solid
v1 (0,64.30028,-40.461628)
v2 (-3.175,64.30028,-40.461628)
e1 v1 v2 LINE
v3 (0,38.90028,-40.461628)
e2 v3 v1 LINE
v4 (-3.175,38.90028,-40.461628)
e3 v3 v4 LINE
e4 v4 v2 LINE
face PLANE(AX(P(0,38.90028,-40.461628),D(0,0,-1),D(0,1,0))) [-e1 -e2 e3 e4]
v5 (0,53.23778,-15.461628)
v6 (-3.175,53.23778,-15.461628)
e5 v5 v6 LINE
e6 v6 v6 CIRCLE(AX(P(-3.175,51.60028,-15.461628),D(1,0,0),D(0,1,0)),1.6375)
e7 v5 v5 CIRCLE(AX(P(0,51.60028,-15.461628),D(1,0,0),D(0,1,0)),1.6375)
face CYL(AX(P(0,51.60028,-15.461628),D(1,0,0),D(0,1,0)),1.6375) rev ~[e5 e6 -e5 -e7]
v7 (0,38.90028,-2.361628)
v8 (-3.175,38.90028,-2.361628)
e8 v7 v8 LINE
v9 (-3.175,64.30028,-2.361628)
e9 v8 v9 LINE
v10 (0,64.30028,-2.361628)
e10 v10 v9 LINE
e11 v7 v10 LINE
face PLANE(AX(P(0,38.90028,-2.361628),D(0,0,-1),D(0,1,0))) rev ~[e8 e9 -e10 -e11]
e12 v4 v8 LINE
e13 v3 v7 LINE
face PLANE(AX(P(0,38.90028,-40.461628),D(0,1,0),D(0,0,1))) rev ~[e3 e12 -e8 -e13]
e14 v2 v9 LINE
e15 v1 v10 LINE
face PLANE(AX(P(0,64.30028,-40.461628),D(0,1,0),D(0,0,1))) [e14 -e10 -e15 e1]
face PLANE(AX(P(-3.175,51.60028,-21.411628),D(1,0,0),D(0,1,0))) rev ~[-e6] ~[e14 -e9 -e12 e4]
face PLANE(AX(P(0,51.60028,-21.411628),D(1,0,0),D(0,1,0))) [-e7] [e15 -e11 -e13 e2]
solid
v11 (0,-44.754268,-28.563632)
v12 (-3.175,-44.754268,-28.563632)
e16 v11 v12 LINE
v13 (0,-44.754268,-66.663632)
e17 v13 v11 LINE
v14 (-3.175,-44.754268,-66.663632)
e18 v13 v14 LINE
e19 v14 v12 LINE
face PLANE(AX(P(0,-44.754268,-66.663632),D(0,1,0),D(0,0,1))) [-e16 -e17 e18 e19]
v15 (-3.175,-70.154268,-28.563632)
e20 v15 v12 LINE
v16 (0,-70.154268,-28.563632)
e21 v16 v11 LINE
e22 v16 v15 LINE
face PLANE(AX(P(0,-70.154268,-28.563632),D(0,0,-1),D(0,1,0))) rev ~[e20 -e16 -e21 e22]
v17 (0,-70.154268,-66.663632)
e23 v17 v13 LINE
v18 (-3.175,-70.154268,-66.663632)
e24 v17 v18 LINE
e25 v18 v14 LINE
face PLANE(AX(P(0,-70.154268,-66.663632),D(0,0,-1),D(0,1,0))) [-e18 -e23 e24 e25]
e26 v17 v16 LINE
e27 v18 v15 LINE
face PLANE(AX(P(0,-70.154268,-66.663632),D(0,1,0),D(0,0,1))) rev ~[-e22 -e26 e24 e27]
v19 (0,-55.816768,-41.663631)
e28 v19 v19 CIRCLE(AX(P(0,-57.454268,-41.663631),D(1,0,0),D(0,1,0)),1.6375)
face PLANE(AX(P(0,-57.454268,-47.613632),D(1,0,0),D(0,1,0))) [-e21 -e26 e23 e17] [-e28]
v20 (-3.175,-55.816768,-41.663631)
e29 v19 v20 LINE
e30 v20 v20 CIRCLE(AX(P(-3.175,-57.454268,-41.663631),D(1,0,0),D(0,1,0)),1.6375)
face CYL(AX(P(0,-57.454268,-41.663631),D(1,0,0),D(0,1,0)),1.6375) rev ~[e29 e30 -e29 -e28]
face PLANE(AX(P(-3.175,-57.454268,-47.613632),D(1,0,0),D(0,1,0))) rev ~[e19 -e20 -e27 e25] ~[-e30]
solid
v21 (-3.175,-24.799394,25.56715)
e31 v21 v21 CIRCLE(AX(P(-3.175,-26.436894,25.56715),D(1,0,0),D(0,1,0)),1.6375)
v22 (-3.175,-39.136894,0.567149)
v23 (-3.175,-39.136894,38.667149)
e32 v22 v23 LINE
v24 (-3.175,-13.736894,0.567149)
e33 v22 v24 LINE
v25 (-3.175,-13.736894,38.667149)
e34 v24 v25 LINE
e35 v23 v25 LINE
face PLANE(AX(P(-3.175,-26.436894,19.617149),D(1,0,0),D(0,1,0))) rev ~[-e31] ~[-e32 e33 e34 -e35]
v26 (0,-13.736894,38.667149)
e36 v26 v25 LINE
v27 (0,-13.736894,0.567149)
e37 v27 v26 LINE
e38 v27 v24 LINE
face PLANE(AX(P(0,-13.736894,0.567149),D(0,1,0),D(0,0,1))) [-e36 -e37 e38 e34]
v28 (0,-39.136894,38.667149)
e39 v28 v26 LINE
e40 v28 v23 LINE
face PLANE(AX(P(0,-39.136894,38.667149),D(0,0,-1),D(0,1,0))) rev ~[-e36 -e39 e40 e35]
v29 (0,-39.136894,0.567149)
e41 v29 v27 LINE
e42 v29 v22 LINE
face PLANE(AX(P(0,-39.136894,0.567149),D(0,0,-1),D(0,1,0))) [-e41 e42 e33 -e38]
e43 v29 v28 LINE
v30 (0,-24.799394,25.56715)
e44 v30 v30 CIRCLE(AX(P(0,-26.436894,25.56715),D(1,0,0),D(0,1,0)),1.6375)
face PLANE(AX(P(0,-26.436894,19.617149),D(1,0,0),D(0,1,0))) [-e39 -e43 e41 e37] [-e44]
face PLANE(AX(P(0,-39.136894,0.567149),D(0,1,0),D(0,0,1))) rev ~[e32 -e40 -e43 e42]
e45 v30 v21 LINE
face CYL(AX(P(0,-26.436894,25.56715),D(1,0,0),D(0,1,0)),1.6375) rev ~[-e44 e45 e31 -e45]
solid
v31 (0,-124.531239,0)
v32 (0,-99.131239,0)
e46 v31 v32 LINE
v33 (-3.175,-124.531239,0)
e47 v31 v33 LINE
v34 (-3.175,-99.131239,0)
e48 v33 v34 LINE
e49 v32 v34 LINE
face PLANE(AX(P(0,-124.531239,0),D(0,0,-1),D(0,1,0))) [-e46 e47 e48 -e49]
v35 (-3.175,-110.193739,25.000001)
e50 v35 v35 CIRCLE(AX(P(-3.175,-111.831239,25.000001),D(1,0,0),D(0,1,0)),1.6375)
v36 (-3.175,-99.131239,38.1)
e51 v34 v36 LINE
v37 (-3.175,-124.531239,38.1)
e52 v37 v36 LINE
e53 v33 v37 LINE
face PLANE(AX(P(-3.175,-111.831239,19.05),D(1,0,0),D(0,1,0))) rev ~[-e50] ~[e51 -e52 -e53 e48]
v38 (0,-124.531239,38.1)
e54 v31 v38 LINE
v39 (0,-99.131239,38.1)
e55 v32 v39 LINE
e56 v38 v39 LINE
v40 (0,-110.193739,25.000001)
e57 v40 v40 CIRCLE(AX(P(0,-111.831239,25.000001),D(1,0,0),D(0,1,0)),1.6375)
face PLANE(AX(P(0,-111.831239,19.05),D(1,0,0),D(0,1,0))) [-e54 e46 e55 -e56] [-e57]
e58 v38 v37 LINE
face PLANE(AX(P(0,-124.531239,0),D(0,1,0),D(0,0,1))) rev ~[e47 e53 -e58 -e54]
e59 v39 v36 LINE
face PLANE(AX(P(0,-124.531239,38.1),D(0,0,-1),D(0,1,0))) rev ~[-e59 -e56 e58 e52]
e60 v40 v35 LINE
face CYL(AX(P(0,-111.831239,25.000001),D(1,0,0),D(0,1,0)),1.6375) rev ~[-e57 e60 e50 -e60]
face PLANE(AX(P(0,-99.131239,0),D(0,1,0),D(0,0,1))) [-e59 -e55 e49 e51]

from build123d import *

# Parameters (mm, degrees)
F0_W     = 25.4
F0_H     = 38.1
F0_R     = 1.6375
F1_DEPTH = 3.175
F2_DEPTH = 3.175
F3_DEPTH = 3.175
F4_DEPTH = 3.175


with BuildPart() as f1:
    # F0 (on Right) → F1 (new body)
    with BuildSketch(Plane.YZ):
        with Locations((-26.436894, 19.617149)):
            Rectangle(F0_W, F0_H)
        with Locations((-26.436894, 25.56715)):
            Circle(F0_R, mode=Mode.SUBTRACT)
    extrude(amount=-F1_DEPTH)


with BuildPart() as f2:
    # F0 (on Right) → F2 (new body)
    with BuildSketch(Plane.YZ):
        with Locations((51.60028, -21.411628)):
            Rectangle(F0_W, F0_H)
        with Locations((51.60028, -15.461628)):
            Circle(F0_R, mode=Mode.SUBTRACT)
    extrude(amount=-F2_DEPTH)


with BuildPart() as f3:
    # F0 (on Right) → F3 (new body)
    with BuildSketch(Plane.YZ):
        with Locations((-111.831239, 19.05)):
            Rectangle(F0_W, F0_H)
        with Locations((-111.831239, 25.000001)):
            Circle(F0_R, mode=Mode.SUBTRACT)
    extrude(amount=-F3_DEPTH)


with BuildPart() as f4:
    # F0 (on Right) → F4 (new body)
    with BuildSketch(Plane.YZ):
        with Locations((-57.454268, -47.613632)):
            Rectangle(F0_W, F0_H)
        with Locations((-57.454268, -41.663631)):
            Circle(F0_R, mode=Mode.SUBTRACT)
    extrude(amount=-F4_DEPTH)


solid = Compound([f1.part, f2.part, f3.part, f4.part])
